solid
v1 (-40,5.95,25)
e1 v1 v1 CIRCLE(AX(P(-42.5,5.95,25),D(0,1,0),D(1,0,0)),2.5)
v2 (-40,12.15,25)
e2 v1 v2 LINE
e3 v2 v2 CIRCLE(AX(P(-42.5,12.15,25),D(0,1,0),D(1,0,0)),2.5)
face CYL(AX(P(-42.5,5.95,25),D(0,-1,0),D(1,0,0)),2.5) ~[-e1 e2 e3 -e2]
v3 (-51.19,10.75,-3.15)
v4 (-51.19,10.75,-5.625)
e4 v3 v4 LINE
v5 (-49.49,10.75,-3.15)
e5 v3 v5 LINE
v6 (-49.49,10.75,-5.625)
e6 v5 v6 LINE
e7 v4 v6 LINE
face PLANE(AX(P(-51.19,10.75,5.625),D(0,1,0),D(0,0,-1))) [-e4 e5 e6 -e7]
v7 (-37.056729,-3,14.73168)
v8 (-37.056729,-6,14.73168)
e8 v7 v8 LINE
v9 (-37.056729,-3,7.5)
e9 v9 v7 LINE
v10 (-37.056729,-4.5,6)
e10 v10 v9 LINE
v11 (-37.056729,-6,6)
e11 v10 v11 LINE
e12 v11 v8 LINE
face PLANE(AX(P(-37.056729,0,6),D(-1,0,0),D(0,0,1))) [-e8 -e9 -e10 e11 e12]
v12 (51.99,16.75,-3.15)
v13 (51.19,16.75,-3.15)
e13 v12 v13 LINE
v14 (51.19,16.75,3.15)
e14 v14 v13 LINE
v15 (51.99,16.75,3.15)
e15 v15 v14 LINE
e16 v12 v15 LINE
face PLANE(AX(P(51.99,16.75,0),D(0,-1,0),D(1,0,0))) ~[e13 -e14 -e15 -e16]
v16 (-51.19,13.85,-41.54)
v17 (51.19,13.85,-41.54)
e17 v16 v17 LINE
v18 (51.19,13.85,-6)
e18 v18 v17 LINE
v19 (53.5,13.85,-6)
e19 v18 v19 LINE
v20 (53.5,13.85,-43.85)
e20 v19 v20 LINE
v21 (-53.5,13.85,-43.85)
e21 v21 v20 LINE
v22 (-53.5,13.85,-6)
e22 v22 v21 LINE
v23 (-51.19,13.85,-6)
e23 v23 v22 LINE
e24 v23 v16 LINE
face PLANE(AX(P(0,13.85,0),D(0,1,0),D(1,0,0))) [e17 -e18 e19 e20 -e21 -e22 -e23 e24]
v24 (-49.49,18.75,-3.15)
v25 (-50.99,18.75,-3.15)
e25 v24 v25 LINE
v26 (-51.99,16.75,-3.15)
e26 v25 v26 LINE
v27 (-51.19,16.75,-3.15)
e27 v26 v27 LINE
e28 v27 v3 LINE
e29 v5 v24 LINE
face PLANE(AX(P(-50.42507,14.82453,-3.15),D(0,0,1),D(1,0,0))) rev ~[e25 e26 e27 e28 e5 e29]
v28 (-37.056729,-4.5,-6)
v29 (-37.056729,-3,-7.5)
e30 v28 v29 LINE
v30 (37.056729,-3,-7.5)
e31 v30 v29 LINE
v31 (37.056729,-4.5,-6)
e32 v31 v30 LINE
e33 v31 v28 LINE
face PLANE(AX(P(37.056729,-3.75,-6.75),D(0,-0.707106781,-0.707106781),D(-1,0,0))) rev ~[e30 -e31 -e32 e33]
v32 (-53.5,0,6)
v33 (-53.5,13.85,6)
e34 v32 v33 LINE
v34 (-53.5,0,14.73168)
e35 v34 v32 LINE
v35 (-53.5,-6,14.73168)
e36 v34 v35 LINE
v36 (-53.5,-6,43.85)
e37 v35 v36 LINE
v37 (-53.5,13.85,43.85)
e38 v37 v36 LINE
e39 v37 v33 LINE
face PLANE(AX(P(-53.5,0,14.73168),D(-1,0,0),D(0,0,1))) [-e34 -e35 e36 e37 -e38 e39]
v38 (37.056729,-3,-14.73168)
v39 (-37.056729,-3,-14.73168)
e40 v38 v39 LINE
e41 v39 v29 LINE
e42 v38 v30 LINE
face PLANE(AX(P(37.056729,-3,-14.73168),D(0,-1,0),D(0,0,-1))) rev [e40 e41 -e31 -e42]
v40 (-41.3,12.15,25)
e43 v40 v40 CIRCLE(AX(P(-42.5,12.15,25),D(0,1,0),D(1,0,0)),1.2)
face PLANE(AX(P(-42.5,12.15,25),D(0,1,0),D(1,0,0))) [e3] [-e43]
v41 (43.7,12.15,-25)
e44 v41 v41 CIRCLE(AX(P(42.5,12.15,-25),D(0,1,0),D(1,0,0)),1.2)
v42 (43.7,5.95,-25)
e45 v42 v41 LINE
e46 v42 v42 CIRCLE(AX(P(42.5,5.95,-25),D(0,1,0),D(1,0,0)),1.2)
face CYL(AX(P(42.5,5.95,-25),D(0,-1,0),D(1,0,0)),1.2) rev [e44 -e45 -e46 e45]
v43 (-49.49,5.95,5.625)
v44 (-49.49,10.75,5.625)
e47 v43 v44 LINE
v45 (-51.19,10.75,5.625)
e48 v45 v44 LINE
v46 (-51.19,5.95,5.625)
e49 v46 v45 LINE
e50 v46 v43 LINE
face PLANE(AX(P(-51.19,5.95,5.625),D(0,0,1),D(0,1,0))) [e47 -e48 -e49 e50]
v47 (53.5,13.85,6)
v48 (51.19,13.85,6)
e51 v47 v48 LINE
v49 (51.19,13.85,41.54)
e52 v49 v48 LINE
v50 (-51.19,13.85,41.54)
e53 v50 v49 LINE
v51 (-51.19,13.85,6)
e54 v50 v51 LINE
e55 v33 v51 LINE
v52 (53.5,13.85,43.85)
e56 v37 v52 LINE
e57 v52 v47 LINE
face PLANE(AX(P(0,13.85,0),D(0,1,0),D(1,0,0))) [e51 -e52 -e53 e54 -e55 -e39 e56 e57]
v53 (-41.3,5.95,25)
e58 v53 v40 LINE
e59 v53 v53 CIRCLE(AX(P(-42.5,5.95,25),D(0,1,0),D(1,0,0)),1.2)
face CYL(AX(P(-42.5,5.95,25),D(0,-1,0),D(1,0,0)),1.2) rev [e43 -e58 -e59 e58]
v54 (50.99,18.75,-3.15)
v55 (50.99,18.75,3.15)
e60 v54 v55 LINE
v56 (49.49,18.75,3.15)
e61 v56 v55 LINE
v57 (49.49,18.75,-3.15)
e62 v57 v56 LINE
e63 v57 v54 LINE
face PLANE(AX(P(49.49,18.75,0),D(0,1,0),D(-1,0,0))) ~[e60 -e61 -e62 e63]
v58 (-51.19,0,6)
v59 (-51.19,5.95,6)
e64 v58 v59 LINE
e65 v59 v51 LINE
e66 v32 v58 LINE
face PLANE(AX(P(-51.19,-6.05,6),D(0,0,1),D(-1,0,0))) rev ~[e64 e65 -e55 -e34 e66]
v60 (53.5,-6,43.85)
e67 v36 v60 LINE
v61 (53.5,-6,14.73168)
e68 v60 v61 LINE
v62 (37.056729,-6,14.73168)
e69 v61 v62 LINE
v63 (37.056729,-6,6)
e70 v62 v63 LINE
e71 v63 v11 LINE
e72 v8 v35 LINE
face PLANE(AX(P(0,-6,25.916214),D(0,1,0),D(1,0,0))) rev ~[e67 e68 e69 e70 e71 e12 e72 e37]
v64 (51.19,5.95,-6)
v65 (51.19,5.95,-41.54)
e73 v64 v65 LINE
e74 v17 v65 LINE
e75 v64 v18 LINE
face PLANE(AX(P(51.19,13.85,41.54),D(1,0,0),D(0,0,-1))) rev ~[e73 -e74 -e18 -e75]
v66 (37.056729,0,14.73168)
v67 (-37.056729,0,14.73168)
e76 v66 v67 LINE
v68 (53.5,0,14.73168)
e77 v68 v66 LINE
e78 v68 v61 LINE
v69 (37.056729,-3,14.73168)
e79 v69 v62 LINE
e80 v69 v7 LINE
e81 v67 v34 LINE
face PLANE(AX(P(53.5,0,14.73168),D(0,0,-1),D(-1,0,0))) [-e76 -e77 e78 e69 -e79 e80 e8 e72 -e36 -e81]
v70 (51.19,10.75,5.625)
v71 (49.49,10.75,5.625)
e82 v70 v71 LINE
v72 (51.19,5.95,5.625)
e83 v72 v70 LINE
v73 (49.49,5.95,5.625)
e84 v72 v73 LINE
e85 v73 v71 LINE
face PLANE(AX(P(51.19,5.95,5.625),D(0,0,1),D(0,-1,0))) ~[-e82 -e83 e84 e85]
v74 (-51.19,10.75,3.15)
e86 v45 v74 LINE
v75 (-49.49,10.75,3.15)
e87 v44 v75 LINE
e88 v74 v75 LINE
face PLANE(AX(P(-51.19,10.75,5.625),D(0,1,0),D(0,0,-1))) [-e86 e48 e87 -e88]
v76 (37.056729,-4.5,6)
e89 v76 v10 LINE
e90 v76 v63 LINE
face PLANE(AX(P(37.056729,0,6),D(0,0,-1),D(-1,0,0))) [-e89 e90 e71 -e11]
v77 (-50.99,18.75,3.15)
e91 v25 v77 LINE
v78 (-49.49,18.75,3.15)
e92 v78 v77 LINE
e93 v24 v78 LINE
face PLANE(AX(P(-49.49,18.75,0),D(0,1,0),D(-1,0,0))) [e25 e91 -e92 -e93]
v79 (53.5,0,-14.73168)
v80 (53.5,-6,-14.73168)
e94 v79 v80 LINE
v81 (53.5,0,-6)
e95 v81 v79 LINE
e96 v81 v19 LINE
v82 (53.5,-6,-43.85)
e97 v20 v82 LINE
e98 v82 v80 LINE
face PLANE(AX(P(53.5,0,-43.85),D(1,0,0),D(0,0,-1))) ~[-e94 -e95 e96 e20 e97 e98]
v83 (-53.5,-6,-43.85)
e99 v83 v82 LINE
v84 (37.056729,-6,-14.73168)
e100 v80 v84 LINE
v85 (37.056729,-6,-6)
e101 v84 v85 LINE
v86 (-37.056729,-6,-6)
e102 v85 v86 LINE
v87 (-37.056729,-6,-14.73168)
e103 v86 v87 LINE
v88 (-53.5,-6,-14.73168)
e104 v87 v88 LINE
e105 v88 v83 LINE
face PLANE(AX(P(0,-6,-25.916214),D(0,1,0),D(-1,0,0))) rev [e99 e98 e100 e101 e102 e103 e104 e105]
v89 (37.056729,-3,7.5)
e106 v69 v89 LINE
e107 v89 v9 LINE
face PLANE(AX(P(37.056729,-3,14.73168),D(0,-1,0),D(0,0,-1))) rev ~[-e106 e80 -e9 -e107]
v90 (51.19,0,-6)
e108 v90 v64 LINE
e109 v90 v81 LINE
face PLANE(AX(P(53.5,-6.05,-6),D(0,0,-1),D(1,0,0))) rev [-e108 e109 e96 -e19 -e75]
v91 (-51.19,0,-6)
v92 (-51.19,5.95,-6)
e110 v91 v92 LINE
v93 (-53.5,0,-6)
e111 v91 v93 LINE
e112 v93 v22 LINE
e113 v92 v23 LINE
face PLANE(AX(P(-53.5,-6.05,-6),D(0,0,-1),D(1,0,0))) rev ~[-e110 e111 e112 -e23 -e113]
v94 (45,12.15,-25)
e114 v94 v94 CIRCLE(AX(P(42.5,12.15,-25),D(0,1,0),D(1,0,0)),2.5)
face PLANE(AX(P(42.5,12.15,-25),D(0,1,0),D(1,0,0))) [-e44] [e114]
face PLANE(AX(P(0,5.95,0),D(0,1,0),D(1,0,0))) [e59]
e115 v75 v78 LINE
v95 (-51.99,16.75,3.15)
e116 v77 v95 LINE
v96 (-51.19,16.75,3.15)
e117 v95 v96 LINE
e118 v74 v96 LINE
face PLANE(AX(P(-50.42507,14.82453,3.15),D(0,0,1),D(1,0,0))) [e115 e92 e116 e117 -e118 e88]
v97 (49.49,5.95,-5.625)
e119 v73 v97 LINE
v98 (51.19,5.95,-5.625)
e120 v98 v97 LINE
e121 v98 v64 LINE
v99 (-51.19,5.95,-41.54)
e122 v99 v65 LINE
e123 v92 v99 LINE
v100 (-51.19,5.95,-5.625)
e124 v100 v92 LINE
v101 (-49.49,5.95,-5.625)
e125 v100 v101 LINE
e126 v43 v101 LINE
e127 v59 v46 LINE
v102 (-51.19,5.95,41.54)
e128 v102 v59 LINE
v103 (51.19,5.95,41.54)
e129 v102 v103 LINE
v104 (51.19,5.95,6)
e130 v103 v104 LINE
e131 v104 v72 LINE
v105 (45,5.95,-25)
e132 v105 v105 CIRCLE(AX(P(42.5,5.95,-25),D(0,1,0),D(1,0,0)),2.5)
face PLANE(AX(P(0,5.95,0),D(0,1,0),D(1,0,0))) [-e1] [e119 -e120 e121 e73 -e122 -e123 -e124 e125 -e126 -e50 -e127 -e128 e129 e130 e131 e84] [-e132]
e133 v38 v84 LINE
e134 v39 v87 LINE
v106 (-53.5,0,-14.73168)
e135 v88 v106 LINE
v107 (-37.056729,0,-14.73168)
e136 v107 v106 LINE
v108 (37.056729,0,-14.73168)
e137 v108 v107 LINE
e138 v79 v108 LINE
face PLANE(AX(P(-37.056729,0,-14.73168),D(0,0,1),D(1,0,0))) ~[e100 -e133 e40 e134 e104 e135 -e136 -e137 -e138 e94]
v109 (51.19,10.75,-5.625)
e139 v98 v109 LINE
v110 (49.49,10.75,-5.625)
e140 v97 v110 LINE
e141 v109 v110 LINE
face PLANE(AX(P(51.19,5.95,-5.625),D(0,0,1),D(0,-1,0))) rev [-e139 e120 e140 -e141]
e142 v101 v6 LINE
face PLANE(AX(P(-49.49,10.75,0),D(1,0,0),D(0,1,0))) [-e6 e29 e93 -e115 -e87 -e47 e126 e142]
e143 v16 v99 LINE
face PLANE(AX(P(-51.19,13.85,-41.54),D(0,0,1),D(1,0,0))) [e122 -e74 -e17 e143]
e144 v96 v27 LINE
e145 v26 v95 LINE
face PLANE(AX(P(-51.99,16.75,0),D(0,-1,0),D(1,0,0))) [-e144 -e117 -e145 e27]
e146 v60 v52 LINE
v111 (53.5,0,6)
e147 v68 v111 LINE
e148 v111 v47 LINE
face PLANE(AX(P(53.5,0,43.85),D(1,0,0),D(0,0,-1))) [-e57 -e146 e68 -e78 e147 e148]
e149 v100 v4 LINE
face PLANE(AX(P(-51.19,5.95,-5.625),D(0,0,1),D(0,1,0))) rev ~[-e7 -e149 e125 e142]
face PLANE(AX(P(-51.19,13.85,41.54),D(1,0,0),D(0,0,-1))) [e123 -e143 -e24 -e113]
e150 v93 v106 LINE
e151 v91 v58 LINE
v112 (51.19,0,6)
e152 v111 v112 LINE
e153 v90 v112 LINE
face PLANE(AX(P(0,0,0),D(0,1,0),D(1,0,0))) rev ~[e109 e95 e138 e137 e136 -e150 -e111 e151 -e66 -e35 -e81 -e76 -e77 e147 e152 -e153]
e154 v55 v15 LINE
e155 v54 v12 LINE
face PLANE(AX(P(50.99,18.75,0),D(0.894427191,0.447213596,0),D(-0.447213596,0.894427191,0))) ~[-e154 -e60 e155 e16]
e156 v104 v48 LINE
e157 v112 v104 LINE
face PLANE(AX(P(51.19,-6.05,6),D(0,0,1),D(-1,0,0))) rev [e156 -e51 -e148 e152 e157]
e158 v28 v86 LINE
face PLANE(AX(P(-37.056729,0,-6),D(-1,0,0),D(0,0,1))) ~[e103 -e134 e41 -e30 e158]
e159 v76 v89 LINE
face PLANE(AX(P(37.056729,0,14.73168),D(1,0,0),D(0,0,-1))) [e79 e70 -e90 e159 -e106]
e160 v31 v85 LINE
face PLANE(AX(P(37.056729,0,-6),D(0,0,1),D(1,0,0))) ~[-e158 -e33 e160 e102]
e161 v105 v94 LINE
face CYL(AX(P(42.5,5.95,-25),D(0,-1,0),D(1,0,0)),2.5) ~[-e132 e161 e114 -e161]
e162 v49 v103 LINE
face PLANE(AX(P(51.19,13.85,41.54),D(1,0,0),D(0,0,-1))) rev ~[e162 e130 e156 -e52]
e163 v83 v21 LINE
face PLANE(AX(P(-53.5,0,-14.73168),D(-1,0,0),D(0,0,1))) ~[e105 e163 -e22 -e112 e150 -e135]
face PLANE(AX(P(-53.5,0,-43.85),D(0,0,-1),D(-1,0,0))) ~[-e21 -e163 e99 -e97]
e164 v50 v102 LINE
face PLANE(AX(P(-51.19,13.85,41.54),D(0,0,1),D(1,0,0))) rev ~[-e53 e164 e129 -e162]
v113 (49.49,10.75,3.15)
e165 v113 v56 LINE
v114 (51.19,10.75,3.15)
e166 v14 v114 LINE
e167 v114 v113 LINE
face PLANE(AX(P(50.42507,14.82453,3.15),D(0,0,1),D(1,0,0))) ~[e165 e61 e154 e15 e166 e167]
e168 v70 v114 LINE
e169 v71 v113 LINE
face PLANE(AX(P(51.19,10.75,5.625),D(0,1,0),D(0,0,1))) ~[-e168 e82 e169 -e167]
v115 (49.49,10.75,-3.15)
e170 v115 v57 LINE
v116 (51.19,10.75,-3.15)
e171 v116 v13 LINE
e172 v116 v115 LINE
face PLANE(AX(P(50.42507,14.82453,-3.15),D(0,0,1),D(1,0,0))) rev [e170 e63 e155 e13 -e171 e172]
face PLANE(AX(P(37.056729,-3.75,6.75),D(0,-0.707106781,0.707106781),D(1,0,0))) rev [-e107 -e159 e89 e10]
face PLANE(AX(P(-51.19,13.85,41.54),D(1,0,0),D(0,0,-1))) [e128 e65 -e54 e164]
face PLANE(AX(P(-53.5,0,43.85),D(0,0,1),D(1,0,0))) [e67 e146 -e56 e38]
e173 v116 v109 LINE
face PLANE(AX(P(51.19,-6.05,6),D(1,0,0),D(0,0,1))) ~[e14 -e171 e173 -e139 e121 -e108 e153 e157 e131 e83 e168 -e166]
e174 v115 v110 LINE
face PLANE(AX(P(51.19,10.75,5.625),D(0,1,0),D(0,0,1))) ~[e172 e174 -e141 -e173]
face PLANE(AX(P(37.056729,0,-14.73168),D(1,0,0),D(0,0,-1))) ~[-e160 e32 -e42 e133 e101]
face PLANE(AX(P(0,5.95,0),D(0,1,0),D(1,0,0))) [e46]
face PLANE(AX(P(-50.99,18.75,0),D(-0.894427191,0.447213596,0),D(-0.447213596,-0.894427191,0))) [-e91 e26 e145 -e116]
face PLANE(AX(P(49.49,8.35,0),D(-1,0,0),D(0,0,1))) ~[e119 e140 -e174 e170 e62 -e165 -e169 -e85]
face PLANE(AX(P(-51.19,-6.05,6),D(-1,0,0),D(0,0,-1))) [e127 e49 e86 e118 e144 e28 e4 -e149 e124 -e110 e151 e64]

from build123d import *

# Parameters (mm, degrees)
SKETCH1_W           = 107
SKETCH1_H           = 87.7
BOSS_EXTRUDE1_DEPTH = 13.85
SKETCH2_W           = 102.38
SKETCH2_H           = 83.08
CUT_EXTRUDE1_DEPTH  = 7.9
SKETCH4_R           = 2.5
SKETCH4_R_2         = 1.2
BOSS_EXTRUDE2_DEPTH = 6.2
SKETCH7_W           = 11.25
SKETCH7_H           = 4.8
BOSS_EXTRUDE3_DEPTH = 1.7
BOSS_EXTRUDE4_DEPTH = 3.15
CUT_EXTRUDE8_START  = -12
CUT_EXTRUDE8_DEPTH  = 20
BOSS_EXTRUDE7_DEPTH = 6
SKETCH24_W          = 8.731680323
SKETCH24_H          = 3
CUT_EXTRUDE10_DEPTH = 91.556729163
CHAMFER1_SIZE       = 1.5
CHAMFER2_SIZE       = 1.5


with BuildPart() as part:
    # Sketch1 → Boss-Extrude1 (new body)
    with BuildSketch(Plane(origin=(0, 0, 0), x_dir=(1, 0, 0), z_dir=(0, 1, 0))):
        Rectangle(SKETCH1_W, SKETCH1_H)
    extrude(amount=BOSS_EXTRUDE1_DEPTH)

    # Sketch2 → Cut-Extrude1 (cut)
    with BuildSketch(Plane(origin=(0, 13.85, 0), x_dir=(1, 0, 0), z_dir=(0, 1, 0))):
        Rectangle(SKETCH2_W, SKETCH2_H)
    extrude(amount=-CUT_EXTRUDE1_DEPTH, mode=Mode.SUBTRACT)

    # Sketch4 → Boss-Extrude2 (add)
    with BuildSketch(Plane(origin=(0, 5.95, 0), x_dir=(1, 0, 0), z_dir=(0, 1, 0))):
        with Locations((-42.5, -25)):
            Circle(SKETCH4_R)
        with Locations((-42.5, -25)):
            Circle(SKETCH4_R_2, mode=Mode.SUBTRACT)
        with Locations((42.5, 25)):
            Circle(SKETCH4_R)
        with Locations((42.5, 25)):
            Circle(SKETCH4_R_2, mode=Mode.SUBTRACT)
    extrude(amount=BOSS_EXTRUDE2_DEPTH)

    # Sketch7 → Boss-Extrude3 (add)
    with BuildSketch(Plane(origin=(-51.19, 0, 0), x_dir=(0, 0, -1), z_dir=(1, 0, 0))):
        with Locations((0, 8.35)):
            Rectangle(SKETCH7_W, SKETCH7_H)
    boss_extrude3 = extrude(amount=BOSS_EXTRUDE3_DEPTH)

    # Sketch8 → Boss-Extrude4 (add, symmetric)
    with BuildSketch(Plane.XY):
        Polygon((-49.49, 10.75), (-49.49, 18.75), (-50.99, 18.75), (-51.99, 16.75), (-51.19, 16.75), (-51.19, 10.75), align=None)
    boss_extrude4 = extrude(amount=BOSS_EXTRUDE4_DEPTH, both=True)

    # Mirror1: Boss-Extrude4 across plane
    add(boss_extrude4.mirror(Plane(origin=(0, 0, 0), x_dir=(0, 0, 1), z_dir=(1, 0, 0))))

    # Mirror2: Boss-Extrude3 across plane
    add(boss_extrude3.mirror(Plane(origin=(0, 0, 0), x_dir=(0, 0, 1), z_dir=(1, 0, 0))))

    # Sketch22 → Cut-Extrude8 (cut)
    with BuildSketch(Plane(origin=(0, 5.95, 0), x_dir=(1, 0, 0), z_dir=(0, 1, 0)).offset(CUT_EXTRUDE8_START)):
        Polygon((-51.19, 0), (-51.19, -6), (-53.5, -6), (-53.5, 6), (-51.19, 6), align=None)
    cut_extrude8 = extrude(amount=CUT_EXTRUDE8_DEPTH, mode=Mode.SUBTRACT)

    # Mirror3: Cut-Extrude8 across plane
    add(cut_extrude8.mirror(Plane(origin=(0, 0, 0), x_dir=(0, 0, 1), z_dir=(1, 0, 0))), mode=Mode.SUBTRACT)

    # Sketch23 → Boss-Extrude7 (add)
    with BuildSketch(Plane(origin=(0, 0, 0), x_dir=(-1, 0, 0), z_dir=(0, -1, 0))):
        Polygon((53.5, -43.85), (-53.5, -43.85), (-53.5, -14.731680323), (-37.056729163, -14.731680323), (-37.056729163, -6), (37.056729163, -6), (37.056729163, -14.731680323), (53.5, -14.731680323), align=None)
    boss_extrude7 = extrude(amount=BOSS_EXTRUDE7_DEPTH)

    # Sketch24 → Cut-Extrude10 (cut, through all)
    with BuildSketch(Plane(origin=(37.056729163, 0, 0), x_dir=(0, 0, -1), z_dir=(1, 0, 0))):
        with Locations((-10.365840161, -1.5)):
            Rectangle(SKETCH24_W, SKETCH24_H)
    cut_extrude10 = extrude(amount=-CUT_EXTRUDE10_DEPTH, mode=Mode.SUBTRACT)

    # Chamfer1
    chamfer1_edges = [part.edges().sort_by_distance(p)[0] for p in [
        (0, -3, 6),
    ]]
    chamfer(chamfer1_edges, length=CHAMFER1_SIZE)

    # Mirror4: Boss-Extrude7 across plane
    add(boss_extrude7.mirror(Plane.XY))

    # Mirror7: Cut-Extrude10 across plane
    add(cut_extrude10.mirror(Plane.XY), mode=Mode.SUBTRACT)

    # Chamfer2
    chamfer2_edges = [part.edges().sort_by_distance(p)[0] for p in [
        (0, -3, -6),
    ]]
    chamfer(chamfer2_edges, length=CHAMFER2_SIZE)


solid = part.part
